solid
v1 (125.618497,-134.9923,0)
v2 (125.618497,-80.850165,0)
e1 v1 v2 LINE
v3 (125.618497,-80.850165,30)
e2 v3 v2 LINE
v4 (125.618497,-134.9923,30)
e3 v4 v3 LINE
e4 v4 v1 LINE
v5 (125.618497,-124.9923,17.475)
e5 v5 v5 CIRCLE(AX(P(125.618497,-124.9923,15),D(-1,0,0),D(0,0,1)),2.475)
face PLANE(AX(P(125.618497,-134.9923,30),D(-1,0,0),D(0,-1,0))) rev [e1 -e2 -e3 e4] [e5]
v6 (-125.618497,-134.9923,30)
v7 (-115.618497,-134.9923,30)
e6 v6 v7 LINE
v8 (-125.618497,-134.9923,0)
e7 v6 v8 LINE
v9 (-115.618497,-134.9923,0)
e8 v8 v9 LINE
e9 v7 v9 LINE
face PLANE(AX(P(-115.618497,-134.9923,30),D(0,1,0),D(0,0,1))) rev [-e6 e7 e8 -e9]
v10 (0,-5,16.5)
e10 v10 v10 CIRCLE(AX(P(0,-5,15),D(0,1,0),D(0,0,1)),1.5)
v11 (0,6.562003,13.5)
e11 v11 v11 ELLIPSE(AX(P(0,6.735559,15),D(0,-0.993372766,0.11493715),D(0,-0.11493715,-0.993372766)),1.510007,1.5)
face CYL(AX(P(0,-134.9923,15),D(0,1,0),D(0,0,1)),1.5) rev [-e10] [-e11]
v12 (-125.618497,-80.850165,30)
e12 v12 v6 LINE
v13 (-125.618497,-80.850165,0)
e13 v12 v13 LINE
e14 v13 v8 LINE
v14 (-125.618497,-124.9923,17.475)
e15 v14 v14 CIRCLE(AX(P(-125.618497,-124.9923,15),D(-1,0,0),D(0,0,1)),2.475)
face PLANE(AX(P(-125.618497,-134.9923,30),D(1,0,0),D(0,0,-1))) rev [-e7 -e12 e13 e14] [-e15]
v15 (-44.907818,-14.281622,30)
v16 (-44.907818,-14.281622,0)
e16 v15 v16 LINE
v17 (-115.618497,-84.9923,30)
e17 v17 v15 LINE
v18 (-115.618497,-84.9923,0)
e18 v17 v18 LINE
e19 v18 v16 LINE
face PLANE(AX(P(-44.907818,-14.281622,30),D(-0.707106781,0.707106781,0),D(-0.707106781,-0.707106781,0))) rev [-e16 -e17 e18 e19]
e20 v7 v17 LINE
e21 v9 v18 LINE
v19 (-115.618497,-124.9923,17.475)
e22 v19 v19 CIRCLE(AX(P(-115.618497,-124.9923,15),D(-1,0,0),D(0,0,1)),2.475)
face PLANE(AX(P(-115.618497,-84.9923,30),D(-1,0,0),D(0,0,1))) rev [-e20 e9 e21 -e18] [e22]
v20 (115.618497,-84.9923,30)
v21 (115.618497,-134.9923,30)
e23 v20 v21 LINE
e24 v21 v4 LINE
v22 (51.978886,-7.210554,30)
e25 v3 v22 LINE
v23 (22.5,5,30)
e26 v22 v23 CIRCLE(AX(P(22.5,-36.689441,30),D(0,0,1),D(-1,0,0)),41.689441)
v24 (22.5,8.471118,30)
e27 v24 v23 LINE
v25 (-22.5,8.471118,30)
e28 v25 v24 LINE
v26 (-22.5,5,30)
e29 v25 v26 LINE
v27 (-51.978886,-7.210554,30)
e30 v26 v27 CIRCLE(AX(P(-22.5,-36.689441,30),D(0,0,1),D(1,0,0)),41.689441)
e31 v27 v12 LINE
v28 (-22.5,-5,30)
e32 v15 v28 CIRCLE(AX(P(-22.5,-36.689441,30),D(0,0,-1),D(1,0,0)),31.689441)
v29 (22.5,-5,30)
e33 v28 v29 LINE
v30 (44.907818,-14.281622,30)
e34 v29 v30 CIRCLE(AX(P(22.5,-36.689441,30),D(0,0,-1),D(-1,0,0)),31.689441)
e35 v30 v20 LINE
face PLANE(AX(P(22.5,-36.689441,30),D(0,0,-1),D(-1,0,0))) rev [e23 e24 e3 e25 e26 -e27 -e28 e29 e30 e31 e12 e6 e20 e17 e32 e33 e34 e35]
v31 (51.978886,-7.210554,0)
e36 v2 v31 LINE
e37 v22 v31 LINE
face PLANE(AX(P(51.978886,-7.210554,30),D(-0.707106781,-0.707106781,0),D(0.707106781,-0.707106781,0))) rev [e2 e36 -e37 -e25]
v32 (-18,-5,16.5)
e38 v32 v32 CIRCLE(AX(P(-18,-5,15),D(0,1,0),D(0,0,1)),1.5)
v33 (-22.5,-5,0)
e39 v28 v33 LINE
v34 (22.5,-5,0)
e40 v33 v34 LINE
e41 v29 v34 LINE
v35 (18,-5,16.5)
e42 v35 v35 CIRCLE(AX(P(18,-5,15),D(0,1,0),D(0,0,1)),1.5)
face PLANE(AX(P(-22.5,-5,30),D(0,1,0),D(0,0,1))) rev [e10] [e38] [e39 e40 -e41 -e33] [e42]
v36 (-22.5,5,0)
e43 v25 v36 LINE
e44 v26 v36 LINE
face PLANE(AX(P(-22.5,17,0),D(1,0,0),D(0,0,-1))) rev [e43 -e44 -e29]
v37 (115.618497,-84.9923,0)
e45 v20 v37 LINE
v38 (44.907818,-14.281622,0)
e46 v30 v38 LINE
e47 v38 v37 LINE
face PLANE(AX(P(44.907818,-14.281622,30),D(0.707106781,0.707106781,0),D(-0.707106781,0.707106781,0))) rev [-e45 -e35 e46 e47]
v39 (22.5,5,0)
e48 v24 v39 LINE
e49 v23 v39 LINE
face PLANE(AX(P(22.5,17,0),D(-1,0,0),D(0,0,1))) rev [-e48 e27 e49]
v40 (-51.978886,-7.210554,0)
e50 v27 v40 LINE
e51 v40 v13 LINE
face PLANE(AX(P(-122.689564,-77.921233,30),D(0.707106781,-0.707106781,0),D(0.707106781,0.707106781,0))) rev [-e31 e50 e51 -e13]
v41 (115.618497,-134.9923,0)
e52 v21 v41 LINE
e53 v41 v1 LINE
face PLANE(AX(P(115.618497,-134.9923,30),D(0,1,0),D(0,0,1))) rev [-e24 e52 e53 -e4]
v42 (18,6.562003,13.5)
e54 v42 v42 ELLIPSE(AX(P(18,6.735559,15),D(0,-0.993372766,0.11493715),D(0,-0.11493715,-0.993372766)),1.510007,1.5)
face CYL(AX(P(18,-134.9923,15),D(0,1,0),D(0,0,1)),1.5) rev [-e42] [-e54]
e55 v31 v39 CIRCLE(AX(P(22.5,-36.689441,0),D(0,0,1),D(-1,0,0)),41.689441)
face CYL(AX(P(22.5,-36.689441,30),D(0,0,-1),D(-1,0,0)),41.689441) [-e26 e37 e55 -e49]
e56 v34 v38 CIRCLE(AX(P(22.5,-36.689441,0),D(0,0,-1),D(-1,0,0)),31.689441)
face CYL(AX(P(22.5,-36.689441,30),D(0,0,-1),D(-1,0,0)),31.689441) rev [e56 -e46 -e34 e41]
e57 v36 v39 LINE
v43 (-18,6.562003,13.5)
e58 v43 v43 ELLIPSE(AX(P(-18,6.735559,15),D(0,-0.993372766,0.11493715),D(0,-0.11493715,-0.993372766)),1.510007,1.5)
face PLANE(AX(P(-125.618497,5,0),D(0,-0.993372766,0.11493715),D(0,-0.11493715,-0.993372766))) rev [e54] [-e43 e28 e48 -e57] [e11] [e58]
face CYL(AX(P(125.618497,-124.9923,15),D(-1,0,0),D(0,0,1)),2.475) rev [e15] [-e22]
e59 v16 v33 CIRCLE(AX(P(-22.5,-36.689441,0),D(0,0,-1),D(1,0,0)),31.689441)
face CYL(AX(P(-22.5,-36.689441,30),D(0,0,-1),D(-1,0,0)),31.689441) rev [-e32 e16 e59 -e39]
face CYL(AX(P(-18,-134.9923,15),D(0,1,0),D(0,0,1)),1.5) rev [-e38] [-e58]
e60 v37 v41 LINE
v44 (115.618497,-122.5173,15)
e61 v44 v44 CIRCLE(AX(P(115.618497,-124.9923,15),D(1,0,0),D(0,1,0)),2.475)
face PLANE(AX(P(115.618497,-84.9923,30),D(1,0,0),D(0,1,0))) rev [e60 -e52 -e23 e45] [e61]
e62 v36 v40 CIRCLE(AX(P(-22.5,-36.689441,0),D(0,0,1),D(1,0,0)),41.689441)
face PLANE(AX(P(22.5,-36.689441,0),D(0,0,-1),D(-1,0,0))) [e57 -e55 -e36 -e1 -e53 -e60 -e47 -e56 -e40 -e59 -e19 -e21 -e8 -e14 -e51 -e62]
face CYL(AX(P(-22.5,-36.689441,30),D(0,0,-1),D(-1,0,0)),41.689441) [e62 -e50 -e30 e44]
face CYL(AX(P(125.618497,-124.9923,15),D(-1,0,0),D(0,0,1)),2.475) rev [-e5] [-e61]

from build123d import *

# Parameters (mm, degrees)
SALIENTE_EXTRUIR1_DEPTH = 30
CROQUIS3_R              = 2.475
CORTAR_EXTRUIR1_DEPTH   = 287.780312831
CROQUIS4_R              = 1.5
CORTAR_EXTRUIR2_DEPTH   = 191.467453482
CROQUIS5_W              = 45
CROQUIS5_H              = 30
SALIENTE_EXTRUIR2_DEPTH = 12
CORTAR_EXTRUIR3_DEPTH   = 203.637632672
CROQUIS7_R              = 1.5
CORTAR_EXTRUIR4_DEPTH   = 184.243021226


with BuildPart() as part:
    # Croquis1 → Saliente-Extruir1 (new body)
    with BuildSketch(Plane.XY):
        with BuildLine():
            Line((-22.5, -5), (22.5, -5))
            ThreePointArc((22.5, -5), (34.627023925, -7.412215038), (44.90781839, -14.28162228))
            Line((44.90781839, -14.28162228), (115.618496509, -84.992300399))
            Line((115.618496509, -84.992300399), (115.618496509, -134.992300399))
            Line((115.618496509, -134.992300399), (125.618496509, -134.992300399))
            Line((125.618496509, -134.992300399), (125.618496509, -80.850164775))
            Line((125.618496509, -80.850164775), (122.689564321, -77.921232587))
            Line((122.689564321, -77.921232587), (51.978886202, -7.210554468))
            ThreePointArc((51.978886202, -7.210554468), (38.453858249, 1.826580287), (22.5, 5))
            Line((22.5, 5), (-22.5, 5))
            ThreePointArc((-22.5, 5), (-38.453858249, 1.826580287), (-51.978886202, -7.210554468))
            Line((-51.978886202, -7.210554468), (-122.689564321, -77.921232587))
            Line((-122.689564321, -77.921232587), (-125.618496509, -80.850164775))
            Line((-125.618496509, -80.850164775), (-125.618496509, -134.992300399))
            Line((-125.618496509, -134.992300399), (-115.618496509, -134.992300399))
            Line((-115.618496509, -134.992300399), (-115.618496509, -84.992300399))
            Line((-115.618496509, -84.992300399), (-44.90781839, -14.28162228))
            ThreePointArc((-44.90781839, -14.28162228), (-34.627023925, -7.412215038), (-22.5, -5))
        make_face()
    extrude(amount=SALIENTE_EXTRUIR1_DEPTH)

    # Croquis3 → Cortar-Extruir1 (cut, through all)
    with BuildSketch(Plane.ZY.offset(125.618496509)):
        with Locations((15, -124.992300399)):
            Circle(CROQUIS3_R)
    extrude(amount=-CORTAR_EXTRUIR1_DEPTH, mode=Mode.SUBTRACT)

    # Croquis4 → Cortar-Extruir2 (cut, through all)
    with BuildSketch(Plane(origin=(0, 5, 0), x_dir=(1, 0, 0), z_dir=(0, 1, 0))):
        with Locations(Location((0, -15, 0), (0, 0, 270))):
            Circle(CROQUIS4_R)
        with Locations(Location((18, -15, 0), (0, 0, 270))):
            Circle(CROQUIS4_R)
        with Locations(Location((-18, -15, 0), (0, 0, 270))):
            Circle(CROQUIS4_R)
    extrude(amount=-CORTAR_EXTRUIR2_DEPTH, mode=Mode.SUBTRACT)

    # Croquis5 → Saliente-Extruir2 (add)
    with BuildSketch(Plane(origin=(0, 5, 0), x_dir=(1, 0, 0), z_dir=(0, 1, 0))):
        with Locations((0, -15)):
            Rectangle(CROQUIS5_W, CROQUIS5_H)
    extrude(amount=SALIENTE_EXTRUIR2_DEPTH)

    # Croquis6 → Cortar-Extruir3 (cut, through all)
    with BuildSketch(Plane(origin=(22.5, 0, 0), x_dir=(0, 0, -1), z_dir=(1, 0, 0))):
        Polygon((0, 5), (-30, 8.47111843), (-30, 19.923097654), (0, 19.923097654), align=None)
    extrude(amount=-CORTAR_EXTRUIR3_DEPTH, mode=Mode.SUBTRACT)

    # Croquis7 → Cortar-Extruir4 (cut, through all)
    with BuildSketch(Plane.XZ.offset(5)):
        with Locations(Location((0, 15, 0), (0, 0, 90))):
            Circle(CROQUIS7_R)
        with Locations(Location((-18, 15, 0), (0, 0, 90))):
            Circle(CROQUIS7_R)
        with Locations(Location((18, 15, 0), (0, 0, 90))):
            Circle(CROQUIS7_R)
    extrude(amount=-CORTAR_EXTRUIR4_DEPTH, mode=Mode.SUBTRACT)


solid = part.part
